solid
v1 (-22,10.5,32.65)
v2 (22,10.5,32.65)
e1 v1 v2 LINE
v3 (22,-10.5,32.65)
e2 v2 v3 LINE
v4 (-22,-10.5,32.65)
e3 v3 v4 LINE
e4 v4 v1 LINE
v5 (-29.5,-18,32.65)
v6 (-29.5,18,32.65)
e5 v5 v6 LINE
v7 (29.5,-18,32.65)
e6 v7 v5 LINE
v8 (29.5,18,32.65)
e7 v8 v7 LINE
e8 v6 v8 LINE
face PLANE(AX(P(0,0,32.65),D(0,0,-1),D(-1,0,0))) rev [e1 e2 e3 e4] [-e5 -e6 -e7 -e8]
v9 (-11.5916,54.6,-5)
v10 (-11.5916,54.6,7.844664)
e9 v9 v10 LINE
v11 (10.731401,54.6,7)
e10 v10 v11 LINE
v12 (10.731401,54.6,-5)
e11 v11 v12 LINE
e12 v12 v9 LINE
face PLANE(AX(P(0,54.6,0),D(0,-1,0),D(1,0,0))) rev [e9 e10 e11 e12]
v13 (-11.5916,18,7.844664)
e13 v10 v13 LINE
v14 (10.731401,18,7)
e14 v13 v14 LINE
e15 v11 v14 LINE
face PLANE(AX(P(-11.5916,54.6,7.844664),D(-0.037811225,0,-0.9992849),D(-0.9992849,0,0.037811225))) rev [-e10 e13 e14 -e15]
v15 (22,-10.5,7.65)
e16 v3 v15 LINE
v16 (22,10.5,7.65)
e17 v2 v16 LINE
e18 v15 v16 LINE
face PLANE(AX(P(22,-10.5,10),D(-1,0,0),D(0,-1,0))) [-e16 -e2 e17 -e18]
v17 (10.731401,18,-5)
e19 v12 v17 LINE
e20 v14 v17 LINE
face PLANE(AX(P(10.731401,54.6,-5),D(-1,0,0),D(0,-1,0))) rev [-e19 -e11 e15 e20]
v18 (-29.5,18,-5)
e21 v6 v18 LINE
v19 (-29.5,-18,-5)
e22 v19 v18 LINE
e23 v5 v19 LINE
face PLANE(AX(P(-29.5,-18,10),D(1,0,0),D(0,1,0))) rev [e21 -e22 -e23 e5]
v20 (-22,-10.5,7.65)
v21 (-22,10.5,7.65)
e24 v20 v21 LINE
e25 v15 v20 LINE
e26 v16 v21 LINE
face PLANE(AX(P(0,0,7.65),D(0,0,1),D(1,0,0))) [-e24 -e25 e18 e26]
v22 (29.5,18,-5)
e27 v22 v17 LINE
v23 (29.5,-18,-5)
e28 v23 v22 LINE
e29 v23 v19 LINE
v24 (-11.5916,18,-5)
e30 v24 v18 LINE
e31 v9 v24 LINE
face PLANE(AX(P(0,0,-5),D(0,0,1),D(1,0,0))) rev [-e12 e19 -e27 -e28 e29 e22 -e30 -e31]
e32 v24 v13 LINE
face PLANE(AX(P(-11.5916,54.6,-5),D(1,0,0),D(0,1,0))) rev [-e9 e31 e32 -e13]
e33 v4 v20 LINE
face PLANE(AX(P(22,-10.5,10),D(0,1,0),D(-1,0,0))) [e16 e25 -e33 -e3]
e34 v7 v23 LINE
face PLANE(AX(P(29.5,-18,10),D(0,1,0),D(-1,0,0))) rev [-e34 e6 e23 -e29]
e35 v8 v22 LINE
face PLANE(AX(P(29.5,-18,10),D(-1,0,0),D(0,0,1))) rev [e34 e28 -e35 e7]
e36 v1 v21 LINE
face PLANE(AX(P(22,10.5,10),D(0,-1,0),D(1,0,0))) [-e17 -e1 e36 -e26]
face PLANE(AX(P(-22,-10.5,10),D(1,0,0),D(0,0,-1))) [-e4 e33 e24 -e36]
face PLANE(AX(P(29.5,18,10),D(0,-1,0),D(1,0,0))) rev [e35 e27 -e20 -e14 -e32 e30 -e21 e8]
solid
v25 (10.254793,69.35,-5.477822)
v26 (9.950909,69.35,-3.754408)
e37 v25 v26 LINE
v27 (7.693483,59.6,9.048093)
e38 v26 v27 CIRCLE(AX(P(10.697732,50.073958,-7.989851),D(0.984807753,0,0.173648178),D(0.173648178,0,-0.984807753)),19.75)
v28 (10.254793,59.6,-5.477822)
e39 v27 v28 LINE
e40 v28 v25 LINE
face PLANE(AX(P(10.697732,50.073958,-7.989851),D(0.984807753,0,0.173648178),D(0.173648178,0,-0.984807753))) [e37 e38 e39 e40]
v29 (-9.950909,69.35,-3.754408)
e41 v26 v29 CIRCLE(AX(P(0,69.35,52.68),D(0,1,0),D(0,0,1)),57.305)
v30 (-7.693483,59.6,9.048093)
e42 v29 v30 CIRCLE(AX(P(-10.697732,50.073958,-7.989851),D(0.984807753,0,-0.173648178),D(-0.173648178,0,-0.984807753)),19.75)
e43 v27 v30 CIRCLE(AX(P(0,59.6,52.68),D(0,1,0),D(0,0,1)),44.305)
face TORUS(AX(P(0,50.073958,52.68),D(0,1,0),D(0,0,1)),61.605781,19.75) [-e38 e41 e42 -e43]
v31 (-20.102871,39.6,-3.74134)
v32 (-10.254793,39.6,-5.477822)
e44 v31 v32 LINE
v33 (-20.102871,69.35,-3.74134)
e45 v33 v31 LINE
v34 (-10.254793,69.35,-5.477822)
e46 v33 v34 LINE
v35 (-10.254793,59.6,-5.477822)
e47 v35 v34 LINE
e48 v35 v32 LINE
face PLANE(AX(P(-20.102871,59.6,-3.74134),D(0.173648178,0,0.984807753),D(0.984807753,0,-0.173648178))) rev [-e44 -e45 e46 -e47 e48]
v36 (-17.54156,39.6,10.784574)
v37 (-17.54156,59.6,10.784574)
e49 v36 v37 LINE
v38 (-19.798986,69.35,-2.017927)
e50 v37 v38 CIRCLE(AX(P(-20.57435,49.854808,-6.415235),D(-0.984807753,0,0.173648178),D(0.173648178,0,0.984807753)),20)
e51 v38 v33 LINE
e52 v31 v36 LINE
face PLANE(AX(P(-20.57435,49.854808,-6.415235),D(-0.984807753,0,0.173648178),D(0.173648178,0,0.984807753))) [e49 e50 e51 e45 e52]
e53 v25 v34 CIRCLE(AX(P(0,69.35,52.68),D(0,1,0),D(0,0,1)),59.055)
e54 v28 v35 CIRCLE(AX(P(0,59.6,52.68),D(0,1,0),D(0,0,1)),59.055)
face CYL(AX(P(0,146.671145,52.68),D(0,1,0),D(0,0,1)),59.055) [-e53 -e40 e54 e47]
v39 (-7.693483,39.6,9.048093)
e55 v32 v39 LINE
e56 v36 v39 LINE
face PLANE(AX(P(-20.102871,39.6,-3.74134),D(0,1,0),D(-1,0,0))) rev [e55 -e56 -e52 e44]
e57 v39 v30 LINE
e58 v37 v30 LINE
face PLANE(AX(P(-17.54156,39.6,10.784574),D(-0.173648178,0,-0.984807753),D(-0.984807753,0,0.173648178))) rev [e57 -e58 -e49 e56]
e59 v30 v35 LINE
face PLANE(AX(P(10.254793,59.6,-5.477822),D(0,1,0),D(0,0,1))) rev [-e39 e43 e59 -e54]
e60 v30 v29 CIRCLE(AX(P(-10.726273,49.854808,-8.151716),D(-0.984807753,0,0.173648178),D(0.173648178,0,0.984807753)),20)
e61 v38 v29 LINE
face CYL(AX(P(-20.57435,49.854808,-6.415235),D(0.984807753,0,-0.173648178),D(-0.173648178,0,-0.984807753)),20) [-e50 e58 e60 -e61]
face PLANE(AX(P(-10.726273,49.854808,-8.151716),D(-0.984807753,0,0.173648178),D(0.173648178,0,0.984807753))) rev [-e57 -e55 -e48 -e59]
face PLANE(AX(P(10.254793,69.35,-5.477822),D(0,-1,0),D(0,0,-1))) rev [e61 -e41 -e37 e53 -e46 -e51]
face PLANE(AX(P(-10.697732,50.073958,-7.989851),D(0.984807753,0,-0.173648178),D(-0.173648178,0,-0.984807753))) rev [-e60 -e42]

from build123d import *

# Parameters (mm, degrees)
SKETCH1_W           = 59
SKETCH1_H           = 36
SKETCH1_W_2         = 44
SKETCH1_H_2         = 21
BOSS_EXTRUDE1_DEPTH = 10
SKETCH1_2_W         = 59
SKETCH1_2_H         = 36
SKETCH1_2_W_2       = 44
SKETCH1_2_H_2       = 21
BOSS_EXTRUDE2_DEPTH = 5
BOSS_EXTRUDE3_DEPTH = 36.6
REVOLVE1_ANGLE      = 20
BOSS_EXTRUDE4_DEPTH = 10
SKETCH1_5_W         = 44
SKETCH1_5_H         = 21
BOSS_EXTRUDE6_DEPTH = 7.65
BOSS_EXTRUDE7_START = 7.65
SKETCH1_6_W         = 59
SKETCH1_6_H         = 36
SKETCH1_6_W_2       = 44
SKETCH1_6_H_2       = 21
BOSS_EXTRUDE7_DEPTH = 25


with BuildPart() as part:
    # Sketch1 → Boss-Extrude1 (new body)
    with BuildSketch(Plane.XY):
        Rectangle(SKETCH1_W, SKETCH1_H)
        Rectangle(SKETCH1_W_2, SKETCH1_H_2, mode=Mode.SUBTRACT)
    extrude(amount=BOSS_EXTRUDE1_DEPTH)

    # Sketch1<2> → Boss-Extrude2 (add)
    # profile 1 of 2: a face of its own
    with BuildSketch(Plane.XY):
        Rectangle(SKETCH1_2_W, SKETCH1_2_H)
        Rectangle(SKETCH1_2_W_2, SKETCH1_2_H_2, mode=Mode.SUBTRACT)
    # profile 2 of 2: a face of its own
    with BuildSketch(Plane.XY):
        Rectangle(SKETCH1_2_W_2, SKETCH1_2_H_2)
    extrude(amount=-BOSS_EXTRUDE2_DEPTH)

    # Sketch4 → Boss-Extrude3 (add)
    with BuildSketch(Plane(origin=(0, 18, 0), x_dir=(1, 0, 0), z_dir=(0, 1, 0))):
        Polygon((-11.59160023, 5), (-11.59160023, -7.844664049), (10.731401476, -7), (10.731401476, 5), align=None)
    extrude(amount=BOSS_EXTRUDE3_DEPTH)

    # Sketch1<5> → Boss-Extrude6 (add)
    with BuildSketch(Plane.XY):
        Rectangle(SKETCH1_5_W, SKETCH1_5_H)
    extrude(amount=BOSS_EXTRUDE6_DEPTH)

    # Sketch1<6> → Boss-Extrude7 (add)
    with BuildSketch(Plane.XY.offset(BOSS_EXTRUDE7_START)):
        Rectangle(SKETCH1_6_W, SKETCH1_6_H)
        Rectangle(SKETCH1_6_W_2, SKETCH1_6_H_2, mode=Mode.SUBTRACT)
    extrude(amount=BOSS_EXTRUDE7_DEPTH)


with BuildPart() as body_2:
    # Sketch6 → Revolve1 (revolve, symmetric)
    with BuildSketch(Plane(origin=(0, 0, 0), x_dir=(0, 0, -1), z_dir=(1, 0, 0))) as revolve1_sk:
        with BuildLine():
            Line((6.375, 59.6), (-8.375, 59.6))
            ThreePointArc((-8.375, 59.6), (-2.924218778, 65.873958371), (4.625, 69.35))
            Line((4.625, 69.35), (6.375, 69.35))
            Line((6.375, 69.35), (6.375, 59.6))
        make_face()
    revolve(axis=Axis((0, 146.671144668, 52.68), (0, -1, 0)), revolution_arc=REVOLVE1_ANGLE / 2)
    revolve(revolve1_sk.sketch, axis=Axis((0, 146.671144668, 52.68), (0, 1, 0)), revolution_arc=REVOLVE1_ANGLE / 2)

    # Sketch8 → Boss-Extrude4 (add)
    with BuildSketch(Plane(origin=(-9.008810575, 0, 1.588496368), x_dir=(0.17364817766693072, 0, 0.9848077530122081), z_dir=(-0.9848077530122081, 0, 0.17364817766693072))):
        with BuildLine():
            Line((-7.175327571, 69.35), (-7.175327571, 59.6))
            Line((-7.175327571, 59.6), (-7.175327571, 39.6))
            Line((-7.175327571, 39.6), (7.574672429, 39.6))
            Line((7.574672429, 39.6), (7.574672429, 59.6))
            ThreePointArc((7.574672429, 59.6), (2.109528791, 65.854808483), (-5.425327571, 69.35))
            Line((-5.425327571, 69.35), (-7.175327571, 69.35))
        make_face()
    extrude(amount=BOSS_EXTRUDE4_DEPTH)


solid = Compound([part.part, body_2.part])
